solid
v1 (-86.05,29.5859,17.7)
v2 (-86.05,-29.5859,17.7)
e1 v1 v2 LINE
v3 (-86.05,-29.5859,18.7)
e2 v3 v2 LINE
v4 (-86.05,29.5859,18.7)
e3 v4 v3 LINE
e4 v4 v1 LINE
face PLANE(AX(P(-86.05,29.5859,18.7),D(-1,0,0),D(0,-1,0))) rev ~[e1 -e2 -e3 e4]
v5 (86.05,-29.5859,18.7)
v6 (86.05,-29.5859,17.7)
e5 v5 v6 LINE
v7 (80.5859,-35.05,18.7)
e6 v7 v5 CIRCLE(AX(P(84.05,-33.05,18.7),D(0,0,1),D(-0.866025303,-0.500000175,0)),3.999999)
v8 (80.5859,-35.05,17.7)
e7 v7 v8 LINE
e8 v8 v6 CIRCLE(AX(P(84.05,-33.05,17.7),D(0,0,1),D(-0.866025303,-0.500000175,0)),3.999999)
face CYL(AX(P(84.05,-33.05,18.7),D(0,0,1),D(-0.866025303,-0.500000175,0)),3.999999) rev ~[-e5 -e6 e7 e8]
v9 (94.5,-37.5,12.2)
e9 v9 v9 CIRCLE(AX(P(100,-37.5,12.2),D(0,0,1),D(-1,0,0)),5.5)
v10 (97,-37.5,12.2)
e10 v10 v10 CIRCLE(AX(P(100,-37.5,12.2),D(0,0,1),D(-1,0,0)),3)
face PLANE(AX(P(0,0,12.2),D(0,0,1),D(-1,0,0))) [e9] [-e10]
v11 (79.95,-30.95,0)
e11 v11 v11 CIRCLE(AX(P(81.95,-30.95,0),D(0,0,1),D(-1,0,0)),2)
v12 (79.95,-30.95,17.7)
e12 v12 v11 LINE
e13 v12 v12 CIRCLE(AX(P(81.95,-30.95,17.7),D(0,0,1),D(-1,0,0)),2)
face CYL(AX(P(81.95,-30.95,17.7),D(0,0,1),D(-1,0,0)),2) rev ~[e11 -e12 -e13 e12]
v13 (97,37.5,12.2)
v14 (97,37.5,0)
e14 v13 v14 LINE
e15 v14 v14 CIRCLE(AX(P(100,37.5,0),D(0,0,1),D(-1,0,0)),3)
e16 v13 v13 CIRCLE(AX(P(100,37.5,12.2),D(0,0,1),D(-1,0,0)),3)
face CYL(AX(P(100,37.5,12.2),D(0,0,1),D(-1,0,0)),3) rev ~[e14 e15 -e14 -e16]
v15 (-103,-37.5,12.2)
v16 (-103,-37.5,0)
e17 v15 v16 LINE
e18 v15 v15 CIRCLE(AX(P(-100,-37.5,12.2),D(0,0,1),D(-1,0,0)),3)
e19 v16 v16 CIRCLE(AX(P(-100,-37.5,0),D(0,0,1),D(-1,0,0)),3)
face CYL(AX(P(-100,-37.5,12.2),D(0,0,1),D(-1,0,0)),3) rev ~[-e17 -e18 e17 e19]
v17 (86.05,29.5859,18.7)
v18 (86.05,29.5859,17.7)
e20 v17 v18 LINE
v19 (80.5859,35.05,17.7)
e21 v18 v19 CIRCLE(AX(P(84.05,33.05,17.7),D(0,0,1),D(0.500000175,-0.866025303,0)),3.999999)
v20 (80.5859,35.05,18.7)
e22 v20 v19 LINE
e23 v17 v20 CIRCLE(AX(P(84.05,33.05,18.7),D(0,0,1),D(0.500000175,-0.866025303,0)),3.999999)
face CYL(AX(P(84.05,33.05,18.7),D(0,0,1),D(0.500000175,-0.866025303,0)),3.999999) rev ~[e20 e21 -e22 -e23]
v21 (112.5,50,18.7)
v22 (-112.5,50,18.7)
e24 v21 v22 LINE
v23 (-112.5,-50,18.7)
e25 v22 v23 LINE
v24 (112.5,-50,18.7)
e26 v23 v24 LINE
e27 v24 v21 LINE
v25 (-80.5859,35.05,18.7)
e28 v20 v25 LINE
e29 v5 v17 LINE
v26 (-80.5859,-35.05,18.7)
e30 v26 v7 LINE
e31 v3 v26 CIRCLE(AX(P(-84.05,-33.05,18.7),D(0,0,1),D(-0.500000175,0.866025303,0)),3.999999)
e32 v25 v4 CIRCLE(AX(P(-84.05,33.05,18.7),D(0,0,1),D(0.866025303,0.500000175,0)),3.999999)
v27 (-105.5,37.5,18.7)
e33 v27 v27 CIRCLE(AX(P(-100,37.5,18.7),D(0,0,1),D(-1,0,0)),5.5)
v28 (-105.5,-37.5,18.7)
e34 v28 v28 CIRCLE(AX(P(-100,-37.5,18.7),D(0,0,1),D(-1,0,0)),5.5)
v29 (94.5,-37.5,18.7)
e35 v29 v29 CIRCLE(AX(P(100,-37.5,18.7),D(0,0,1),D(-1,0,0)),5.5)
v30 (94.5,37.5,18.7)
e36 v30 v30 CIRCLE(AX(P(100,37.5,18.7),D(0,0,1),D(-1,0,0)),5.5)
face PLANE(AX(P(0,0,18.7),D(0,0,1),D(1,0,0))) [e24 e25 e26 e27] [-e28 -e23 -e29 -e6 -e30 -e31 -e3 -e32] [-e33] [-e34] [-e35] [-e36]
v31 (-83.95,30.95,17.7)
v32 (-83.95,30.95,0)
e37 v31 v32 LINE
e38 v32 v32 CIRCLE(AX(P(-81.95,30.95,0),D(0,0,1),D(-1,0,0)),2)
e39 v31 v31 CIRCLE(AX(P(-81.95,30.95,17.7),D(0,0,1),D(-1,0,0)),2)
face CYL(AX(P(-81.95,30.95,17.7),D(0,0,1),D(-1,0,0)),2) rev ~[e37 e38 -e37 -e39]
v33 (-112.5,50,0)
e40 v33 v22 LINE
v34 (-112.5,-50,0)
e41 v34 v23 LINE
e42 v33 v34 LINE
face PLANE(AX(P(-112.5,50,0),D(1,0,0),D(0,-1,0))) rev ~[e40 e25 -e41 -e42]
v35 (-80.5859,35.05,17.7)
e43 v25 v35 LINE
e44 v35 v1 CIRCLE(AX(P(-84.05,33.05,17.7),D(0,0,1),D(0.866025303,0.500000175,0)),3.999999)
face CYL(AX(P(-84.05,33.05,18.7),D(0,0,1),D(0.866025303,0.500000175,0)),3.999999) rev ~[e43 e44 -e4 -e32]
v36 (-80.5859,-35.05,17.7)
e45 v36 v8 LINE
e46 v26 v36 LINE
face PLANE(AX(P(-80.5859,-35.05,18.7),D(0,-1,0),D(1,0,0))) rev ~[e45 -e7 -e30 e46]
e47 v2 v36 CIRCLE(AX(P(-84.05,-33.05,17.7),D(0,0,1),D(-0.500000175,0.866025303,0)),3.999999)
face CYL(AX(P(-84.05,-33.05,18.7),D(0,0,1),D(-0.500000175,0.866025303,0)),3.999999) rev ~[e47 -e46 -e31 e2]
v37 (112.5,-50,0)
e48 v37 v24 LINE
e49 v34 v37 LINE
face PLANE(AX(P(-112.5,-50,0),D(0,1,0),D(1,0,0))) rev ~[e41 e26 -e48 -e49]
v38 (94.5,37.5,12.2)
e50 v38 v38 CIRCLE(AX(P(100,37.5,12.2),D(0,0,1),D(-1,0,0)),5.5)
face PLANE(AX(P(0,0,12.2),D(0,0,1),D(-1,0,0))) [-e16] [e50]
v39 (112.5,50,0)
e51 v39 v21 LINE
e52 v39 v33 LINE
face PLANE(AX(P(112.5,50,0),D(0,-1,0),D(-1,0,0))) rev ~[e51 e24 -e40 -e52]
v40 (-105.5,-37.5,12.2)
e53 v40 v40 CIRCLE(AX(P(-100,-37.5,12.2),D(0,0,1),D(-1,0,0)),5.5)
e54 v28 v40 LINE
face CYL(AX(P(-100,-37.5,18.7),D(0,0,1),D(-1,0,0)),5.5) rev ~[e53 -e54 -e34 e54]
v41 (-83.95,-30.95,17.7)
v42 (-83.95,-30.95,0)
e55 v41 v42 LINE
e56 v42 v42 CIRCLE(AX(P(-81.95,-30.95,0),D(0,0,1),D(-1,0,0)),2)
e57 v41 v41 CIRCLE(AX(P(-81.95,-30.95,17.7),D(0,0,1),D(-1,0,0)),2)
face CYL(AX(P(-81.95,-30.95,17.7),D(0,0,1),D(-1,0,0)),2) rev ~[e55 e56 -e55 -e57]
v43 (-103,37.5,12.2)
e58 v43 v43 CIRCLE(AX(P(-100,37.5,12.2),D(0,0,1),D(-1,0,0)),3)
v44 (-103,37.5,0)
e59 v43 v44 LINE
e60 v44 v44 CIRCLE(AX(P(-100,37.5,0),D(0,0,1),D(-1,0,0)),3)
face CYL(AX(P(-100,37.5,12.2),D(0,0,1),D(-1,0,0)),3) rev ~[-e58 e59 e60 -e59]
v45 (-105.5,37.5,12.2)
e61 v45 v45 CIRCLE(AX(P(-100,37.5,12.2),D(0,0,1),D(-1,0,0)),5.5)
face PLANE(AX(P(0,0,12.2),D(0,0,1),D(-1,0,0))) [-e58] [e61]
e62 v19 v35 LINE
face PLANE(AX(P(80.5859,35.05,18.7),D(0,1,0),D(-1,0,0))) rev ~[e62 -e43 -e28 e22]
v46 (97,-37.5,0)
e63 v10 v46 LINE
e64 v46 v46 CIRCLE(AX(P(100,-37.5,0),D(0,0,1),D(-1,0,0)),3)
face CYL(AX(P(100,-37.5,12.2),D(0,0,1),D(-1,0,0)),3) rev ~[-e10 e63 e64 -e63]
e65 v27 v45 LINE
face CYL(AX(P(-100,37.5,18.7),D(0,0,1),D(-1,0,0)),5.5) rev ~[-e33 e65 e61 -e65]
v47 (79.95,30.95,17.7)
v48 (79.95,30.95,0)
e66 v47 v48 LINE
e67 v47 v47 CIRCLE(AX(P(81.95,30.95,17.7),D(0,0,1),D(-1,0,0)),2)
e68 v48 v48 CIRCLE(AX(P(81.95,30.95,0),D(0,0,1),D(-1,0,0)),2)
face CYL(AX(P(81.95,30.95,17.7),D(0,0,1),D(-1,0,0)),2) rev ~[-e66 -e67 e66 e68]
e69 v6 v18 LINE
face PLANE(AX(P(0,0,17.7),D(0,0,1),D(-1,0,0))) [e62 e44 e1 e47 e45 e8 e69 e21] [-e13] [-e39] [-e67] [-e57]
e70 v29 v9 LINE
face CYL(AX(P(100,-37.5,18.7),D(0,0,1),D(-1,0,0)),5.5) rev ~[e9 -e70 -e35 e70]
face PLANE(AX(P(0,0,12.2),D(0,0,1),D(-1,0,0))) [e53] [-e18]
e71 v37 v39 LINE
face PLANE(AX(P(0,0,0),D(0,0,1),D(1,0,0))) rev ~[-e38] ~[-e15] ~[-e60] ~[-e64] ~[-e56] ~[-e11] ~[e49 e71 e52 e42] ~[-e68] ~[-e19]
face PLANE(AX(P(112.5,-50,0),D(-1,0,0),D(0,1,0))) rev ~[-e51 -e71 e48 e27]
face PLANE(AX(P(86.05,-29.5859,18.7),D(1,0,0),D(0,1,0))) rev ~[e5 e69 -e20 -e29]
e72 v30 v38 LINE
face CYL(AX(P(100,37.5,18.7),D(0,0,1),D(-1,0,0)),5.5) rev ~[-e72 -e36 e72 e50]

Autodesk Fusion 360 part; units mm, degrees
sketch "Sketch14" plane through (0, 0, 0) normal (0, 0, 1) x (1, 0, 0)
  line L0 (-112.5, -50) -> (112.5, -50)
  line L1 (112.5, -50) -> (112.5, 50)
  line L2 (112.5, 50) -> (-112.5, 50)
  line L3 (-112.5, 50) -> (-112.5, -50)
  line L4 (-112.5, -50) -> (112.5, 50) construction
  line L5 (112.5, -50) -> (-112.5, 50) construction
  dimension "d46" = 225
  dimension "d47" = 100
extrude "Extrude10" add sketch "Sketch14" along normal blind 18.7
sketch "Sketch15" plane through (0, 0, 18.7) normal (0, 0, 1) x (-1, 0, 0)
  line L0 (112.5, -50) -> (112.5, 50)
  line L1 (112.5, 50) -> (-112.5, 50)
  line L2 (-112.5, 50) -> (-112.5, -50)
  line L3 (-112.5, -50) -> (112.5, -50)
  line L4 (80.5859, 35.05) -> (-80.5859, 35.05)
  line L5 (-86.05, 29.5859) -> (-86.05, -29.5859)
  line L6 (-80.5859, -35.05) -> (80.5859, -35.05)
  line L7 (86.05, -29.5859) -> (86.05, 29.5859)
  line L8 (86.05, 35.05) -> (-86.05, -35.05) construction
  line L9 (-86.05, 35.05) -> (86.05, -35.05) construction
  line L10 (0, -40) -> (0, 40) construction
  line L11 (90, 0) -> (-90, 0) construction
  arc A0 (80.5859, -35.05) -> (86.05, -29.5859) centre (84.05, -33.05) ccw
  arc A1 (-86.05, -29.5859) -> (-80.5859, -35.05) centre (-84.05, -33.05) ccw
  arc A2 (-80.5859, 35.05) -> (-86.05, 29.5859) centre (-84.05, 33.05) ccw
  arc A3 (86.05, 29.5859) -> (80.5859, 35.05) centre (84.05, 33.05) ccw
  dimension "d50" = 172.1
  dimension "d51" = 70.1
  dimension "d89" = 8
  dimension "d90" = 2
  dimension "d91" = 2
extrude "Extrude11" cut sketch "Sketch15" against normal blind 1 contours L4 L5 L6 L7 A0 A1 A2 A3
sketch "Sketch16" plane through (0, 0, 18.7) normal (0, 0, 1) x (-1, 0, 0)
  line L0 (86.1, -35.1) -> (86.1, 35.1)
  line L1 (86.1, 35.1) -> (-86.1, 35.1)
  line L2 (-86.1, 35.1) -> (-86.1, -35.1)
  line L3 (-86.1, -35.1) -> (86.1, -35.1)
  circle A0 centre (100, -37.5) radius 5.5
  circle A1 centre (100, 37.5) radius 5.5
  circle A2 centre (-100, -37.5) radius 5.5
  circle A3 centre (-100, 37.5) radius 5.5
  line L4 (112.5, -50) -> (112.5, 50)
  line L5 (-112.5, -50) -> (112.5, -50)
  line L6 (112.5, 50) -> (-112.5, 50)
  line L7 (-112.5, 50) -> (-112.5, -50)
  line L8 (-80.5859, 35.05) -> (80.5859, 35.05)
  line L9 (86.05, 29.5859) -> (86.05, -29.5859)
  line L10 (80.5859, -35.05) -> (-80.5859, -35.05)
  line L11 (-86.05, -29.5859) -> (-86.05, 29.5859)
  line L12 (112.5, -50) -> (112.5, 50)
  line L13 (112.5, 50) -> (-112.5, 50)
  line L14 (-112.5, 50) -> (-112.5, -50)
  line L15 (-112.5, -50) -> (112.5, -50)
  arc A4 (86.05, 29.5859) -> (80.5859, 35.05) centre (84.05, 33.05) ccw
  arc A5 (80.5859, -35.05) -> (86.05, -29.5859) centre (84.05, -33.05) ccw
  arc A6 (-86.05, -29.5859) -> (-80.5859, -35.05) centre (-84.05, -33.05) ccw
  arc A7 (-80.5859, 35.05) -> (-86.05, 29.5859) centre (-84.05, 33.05) ccw
  dimension "d54" = 11
  dimension "d55" = 11
  dimension "d56" = 11
  dimension "d57" = 11
  dimension "d58" = 12.5
  dimension "d59" = 12.5
  dimension "d60" = 12.5
  dimension "d61" = 12.5
  dimension "d62" = 12.5
  dimension "d63" = 12.5
  dimension "d64" = 12.5
  dimension "d65" = 12.5
extrude "Extrude12" cut sketch "Sketch16" against normal blind 6.5 contours A0 | A1 | A2 | A3
sketch "Sketch17" plane through (0, 0, 12.2) normal (0, 0, 1) x (-1, 0, 0)
  circle A0 centre (100, -37.5) radius 5.5
  circle A1 centre (100, -37.5) radius 3
  dimension "d68" = 6
sketch "Sketch18" plane through (0, 0, 12.2) normal (0, 0, 1) x (-1, 0, 0)
  circle A0 centre (-100, -37.5) radius 5.5
  circle A1 centre (-100, -37.5) radius 3
  dimension "d69" = 6
sketch "Sketch19" plane through (0, 0, 12.2) normal (0, 0, 1) x (-1, 0, 0)
  circle A0 centre (-100, 37.5) radius 5.5
  circle A1 centre (-100, 37.5) radius 3
  dimension "d70" = 6
sketch "Sketch20" plane through (0, 0, 12.2) normal (0, 0, 1) x (-1, 0, 0)
  circle A0 centre (100, 37.5) radius 5.5
  circle A1 centre (100, 37.5) radius 3
  dimension "d71" = 6
extrude "Extrude13" cut sketch "Sketch18" sketch "Sketch17" sketch "Sketch20" sketch "Sketch19" along normal up to surface contours A1 of sketch 2 contours A1 of sketch 3 contours A1 of sketch 4 contours A1 end surface through (0, 0, 0) normal (0, 0, -1) offset 0
sketch "Sketch21" plane through (0, 0, 17.7) normal (0, 0, 1) x (-1, 0, 0)
  line L0 (86.05, -29.5859) -> (86.05, 29.5859)
  line L1 (80.5859, 35.05) -> (-80.5859, 35.05)
  line L2 (-86.05, 29.5859) -> (-86.05, -29.5859)
  line L3 (-80.5859, -35.05) -> (80.5859, -35.05)
  circle A0 centre (81.95, -30.95) radius 2
  circle A1 centre (-81.95, -30.95) radius 2
  circle A2 centre (-81.95, 30.95) radius 2
  circle A3 centre (81.95, 30.95) radius 2
  arc A4 (86.05, 29.5859) -> (80.5859, 35.05) centre (84.05, 33.05) ccw
  arc A5 (-80.5859, 35.05) -> (-86.05, 29.5859) centre (-84.05, 33.05) ccw
  arc A6 (-86.05, -29.5859) -> (-80.5859, -35.05) centre (-84.05, -33.05) ccw
  arc A7 (80.5859, -35.05) -> (86.05, -29.5859) centre (84.05, -33.05) ccw
  dimension "d74" = 4
  dimension "d75" = 4
  dimension "d76" = 4
  dimension "d77" = 4
  dimension "d78" = 4.1
  dimension "d79" = 4.1
  dimension "d80" = 4.1
  dimension "d81" = 4.1
  dimension "d82" = 4.1
  dimension "d83" = 4.1
  dimension "d84" = 4.1
  dimension "d85" = 4.1
extrude "Extrude14" cut sketch "Sketch21" against normal blind 20 contours A0 | A1 | A2 | A3
thread "Thread1"
sketch "Sketch4" plane through (0, 0, 2) normal (0, 0, 1) x (-1, 0, 0)
  circle A0 centre (-75, -25) radius 5.5
  circle A1 centre (-75, -25) radius 3.1
  dimension "d20" = 6.2
sketch "Sketch5" plane through (0, 0, 2) normal (0, 0, 1) x (-1, 0, 0)
  circle A0 centre (-75, 25) radius 5.5
  circle A1 centre (-75, 25) radius 3.1
  dimension "d21" = 6.2
sketch "Sketch6" plane through (0, 0, 2) normal (0, 0, 1) x (-1, 0, 0)
  circle A0 centre (75, 25) radius 5.5
  circle A1 centre (75, 25) radius 3.1
  dimension "d22" = 6.2
